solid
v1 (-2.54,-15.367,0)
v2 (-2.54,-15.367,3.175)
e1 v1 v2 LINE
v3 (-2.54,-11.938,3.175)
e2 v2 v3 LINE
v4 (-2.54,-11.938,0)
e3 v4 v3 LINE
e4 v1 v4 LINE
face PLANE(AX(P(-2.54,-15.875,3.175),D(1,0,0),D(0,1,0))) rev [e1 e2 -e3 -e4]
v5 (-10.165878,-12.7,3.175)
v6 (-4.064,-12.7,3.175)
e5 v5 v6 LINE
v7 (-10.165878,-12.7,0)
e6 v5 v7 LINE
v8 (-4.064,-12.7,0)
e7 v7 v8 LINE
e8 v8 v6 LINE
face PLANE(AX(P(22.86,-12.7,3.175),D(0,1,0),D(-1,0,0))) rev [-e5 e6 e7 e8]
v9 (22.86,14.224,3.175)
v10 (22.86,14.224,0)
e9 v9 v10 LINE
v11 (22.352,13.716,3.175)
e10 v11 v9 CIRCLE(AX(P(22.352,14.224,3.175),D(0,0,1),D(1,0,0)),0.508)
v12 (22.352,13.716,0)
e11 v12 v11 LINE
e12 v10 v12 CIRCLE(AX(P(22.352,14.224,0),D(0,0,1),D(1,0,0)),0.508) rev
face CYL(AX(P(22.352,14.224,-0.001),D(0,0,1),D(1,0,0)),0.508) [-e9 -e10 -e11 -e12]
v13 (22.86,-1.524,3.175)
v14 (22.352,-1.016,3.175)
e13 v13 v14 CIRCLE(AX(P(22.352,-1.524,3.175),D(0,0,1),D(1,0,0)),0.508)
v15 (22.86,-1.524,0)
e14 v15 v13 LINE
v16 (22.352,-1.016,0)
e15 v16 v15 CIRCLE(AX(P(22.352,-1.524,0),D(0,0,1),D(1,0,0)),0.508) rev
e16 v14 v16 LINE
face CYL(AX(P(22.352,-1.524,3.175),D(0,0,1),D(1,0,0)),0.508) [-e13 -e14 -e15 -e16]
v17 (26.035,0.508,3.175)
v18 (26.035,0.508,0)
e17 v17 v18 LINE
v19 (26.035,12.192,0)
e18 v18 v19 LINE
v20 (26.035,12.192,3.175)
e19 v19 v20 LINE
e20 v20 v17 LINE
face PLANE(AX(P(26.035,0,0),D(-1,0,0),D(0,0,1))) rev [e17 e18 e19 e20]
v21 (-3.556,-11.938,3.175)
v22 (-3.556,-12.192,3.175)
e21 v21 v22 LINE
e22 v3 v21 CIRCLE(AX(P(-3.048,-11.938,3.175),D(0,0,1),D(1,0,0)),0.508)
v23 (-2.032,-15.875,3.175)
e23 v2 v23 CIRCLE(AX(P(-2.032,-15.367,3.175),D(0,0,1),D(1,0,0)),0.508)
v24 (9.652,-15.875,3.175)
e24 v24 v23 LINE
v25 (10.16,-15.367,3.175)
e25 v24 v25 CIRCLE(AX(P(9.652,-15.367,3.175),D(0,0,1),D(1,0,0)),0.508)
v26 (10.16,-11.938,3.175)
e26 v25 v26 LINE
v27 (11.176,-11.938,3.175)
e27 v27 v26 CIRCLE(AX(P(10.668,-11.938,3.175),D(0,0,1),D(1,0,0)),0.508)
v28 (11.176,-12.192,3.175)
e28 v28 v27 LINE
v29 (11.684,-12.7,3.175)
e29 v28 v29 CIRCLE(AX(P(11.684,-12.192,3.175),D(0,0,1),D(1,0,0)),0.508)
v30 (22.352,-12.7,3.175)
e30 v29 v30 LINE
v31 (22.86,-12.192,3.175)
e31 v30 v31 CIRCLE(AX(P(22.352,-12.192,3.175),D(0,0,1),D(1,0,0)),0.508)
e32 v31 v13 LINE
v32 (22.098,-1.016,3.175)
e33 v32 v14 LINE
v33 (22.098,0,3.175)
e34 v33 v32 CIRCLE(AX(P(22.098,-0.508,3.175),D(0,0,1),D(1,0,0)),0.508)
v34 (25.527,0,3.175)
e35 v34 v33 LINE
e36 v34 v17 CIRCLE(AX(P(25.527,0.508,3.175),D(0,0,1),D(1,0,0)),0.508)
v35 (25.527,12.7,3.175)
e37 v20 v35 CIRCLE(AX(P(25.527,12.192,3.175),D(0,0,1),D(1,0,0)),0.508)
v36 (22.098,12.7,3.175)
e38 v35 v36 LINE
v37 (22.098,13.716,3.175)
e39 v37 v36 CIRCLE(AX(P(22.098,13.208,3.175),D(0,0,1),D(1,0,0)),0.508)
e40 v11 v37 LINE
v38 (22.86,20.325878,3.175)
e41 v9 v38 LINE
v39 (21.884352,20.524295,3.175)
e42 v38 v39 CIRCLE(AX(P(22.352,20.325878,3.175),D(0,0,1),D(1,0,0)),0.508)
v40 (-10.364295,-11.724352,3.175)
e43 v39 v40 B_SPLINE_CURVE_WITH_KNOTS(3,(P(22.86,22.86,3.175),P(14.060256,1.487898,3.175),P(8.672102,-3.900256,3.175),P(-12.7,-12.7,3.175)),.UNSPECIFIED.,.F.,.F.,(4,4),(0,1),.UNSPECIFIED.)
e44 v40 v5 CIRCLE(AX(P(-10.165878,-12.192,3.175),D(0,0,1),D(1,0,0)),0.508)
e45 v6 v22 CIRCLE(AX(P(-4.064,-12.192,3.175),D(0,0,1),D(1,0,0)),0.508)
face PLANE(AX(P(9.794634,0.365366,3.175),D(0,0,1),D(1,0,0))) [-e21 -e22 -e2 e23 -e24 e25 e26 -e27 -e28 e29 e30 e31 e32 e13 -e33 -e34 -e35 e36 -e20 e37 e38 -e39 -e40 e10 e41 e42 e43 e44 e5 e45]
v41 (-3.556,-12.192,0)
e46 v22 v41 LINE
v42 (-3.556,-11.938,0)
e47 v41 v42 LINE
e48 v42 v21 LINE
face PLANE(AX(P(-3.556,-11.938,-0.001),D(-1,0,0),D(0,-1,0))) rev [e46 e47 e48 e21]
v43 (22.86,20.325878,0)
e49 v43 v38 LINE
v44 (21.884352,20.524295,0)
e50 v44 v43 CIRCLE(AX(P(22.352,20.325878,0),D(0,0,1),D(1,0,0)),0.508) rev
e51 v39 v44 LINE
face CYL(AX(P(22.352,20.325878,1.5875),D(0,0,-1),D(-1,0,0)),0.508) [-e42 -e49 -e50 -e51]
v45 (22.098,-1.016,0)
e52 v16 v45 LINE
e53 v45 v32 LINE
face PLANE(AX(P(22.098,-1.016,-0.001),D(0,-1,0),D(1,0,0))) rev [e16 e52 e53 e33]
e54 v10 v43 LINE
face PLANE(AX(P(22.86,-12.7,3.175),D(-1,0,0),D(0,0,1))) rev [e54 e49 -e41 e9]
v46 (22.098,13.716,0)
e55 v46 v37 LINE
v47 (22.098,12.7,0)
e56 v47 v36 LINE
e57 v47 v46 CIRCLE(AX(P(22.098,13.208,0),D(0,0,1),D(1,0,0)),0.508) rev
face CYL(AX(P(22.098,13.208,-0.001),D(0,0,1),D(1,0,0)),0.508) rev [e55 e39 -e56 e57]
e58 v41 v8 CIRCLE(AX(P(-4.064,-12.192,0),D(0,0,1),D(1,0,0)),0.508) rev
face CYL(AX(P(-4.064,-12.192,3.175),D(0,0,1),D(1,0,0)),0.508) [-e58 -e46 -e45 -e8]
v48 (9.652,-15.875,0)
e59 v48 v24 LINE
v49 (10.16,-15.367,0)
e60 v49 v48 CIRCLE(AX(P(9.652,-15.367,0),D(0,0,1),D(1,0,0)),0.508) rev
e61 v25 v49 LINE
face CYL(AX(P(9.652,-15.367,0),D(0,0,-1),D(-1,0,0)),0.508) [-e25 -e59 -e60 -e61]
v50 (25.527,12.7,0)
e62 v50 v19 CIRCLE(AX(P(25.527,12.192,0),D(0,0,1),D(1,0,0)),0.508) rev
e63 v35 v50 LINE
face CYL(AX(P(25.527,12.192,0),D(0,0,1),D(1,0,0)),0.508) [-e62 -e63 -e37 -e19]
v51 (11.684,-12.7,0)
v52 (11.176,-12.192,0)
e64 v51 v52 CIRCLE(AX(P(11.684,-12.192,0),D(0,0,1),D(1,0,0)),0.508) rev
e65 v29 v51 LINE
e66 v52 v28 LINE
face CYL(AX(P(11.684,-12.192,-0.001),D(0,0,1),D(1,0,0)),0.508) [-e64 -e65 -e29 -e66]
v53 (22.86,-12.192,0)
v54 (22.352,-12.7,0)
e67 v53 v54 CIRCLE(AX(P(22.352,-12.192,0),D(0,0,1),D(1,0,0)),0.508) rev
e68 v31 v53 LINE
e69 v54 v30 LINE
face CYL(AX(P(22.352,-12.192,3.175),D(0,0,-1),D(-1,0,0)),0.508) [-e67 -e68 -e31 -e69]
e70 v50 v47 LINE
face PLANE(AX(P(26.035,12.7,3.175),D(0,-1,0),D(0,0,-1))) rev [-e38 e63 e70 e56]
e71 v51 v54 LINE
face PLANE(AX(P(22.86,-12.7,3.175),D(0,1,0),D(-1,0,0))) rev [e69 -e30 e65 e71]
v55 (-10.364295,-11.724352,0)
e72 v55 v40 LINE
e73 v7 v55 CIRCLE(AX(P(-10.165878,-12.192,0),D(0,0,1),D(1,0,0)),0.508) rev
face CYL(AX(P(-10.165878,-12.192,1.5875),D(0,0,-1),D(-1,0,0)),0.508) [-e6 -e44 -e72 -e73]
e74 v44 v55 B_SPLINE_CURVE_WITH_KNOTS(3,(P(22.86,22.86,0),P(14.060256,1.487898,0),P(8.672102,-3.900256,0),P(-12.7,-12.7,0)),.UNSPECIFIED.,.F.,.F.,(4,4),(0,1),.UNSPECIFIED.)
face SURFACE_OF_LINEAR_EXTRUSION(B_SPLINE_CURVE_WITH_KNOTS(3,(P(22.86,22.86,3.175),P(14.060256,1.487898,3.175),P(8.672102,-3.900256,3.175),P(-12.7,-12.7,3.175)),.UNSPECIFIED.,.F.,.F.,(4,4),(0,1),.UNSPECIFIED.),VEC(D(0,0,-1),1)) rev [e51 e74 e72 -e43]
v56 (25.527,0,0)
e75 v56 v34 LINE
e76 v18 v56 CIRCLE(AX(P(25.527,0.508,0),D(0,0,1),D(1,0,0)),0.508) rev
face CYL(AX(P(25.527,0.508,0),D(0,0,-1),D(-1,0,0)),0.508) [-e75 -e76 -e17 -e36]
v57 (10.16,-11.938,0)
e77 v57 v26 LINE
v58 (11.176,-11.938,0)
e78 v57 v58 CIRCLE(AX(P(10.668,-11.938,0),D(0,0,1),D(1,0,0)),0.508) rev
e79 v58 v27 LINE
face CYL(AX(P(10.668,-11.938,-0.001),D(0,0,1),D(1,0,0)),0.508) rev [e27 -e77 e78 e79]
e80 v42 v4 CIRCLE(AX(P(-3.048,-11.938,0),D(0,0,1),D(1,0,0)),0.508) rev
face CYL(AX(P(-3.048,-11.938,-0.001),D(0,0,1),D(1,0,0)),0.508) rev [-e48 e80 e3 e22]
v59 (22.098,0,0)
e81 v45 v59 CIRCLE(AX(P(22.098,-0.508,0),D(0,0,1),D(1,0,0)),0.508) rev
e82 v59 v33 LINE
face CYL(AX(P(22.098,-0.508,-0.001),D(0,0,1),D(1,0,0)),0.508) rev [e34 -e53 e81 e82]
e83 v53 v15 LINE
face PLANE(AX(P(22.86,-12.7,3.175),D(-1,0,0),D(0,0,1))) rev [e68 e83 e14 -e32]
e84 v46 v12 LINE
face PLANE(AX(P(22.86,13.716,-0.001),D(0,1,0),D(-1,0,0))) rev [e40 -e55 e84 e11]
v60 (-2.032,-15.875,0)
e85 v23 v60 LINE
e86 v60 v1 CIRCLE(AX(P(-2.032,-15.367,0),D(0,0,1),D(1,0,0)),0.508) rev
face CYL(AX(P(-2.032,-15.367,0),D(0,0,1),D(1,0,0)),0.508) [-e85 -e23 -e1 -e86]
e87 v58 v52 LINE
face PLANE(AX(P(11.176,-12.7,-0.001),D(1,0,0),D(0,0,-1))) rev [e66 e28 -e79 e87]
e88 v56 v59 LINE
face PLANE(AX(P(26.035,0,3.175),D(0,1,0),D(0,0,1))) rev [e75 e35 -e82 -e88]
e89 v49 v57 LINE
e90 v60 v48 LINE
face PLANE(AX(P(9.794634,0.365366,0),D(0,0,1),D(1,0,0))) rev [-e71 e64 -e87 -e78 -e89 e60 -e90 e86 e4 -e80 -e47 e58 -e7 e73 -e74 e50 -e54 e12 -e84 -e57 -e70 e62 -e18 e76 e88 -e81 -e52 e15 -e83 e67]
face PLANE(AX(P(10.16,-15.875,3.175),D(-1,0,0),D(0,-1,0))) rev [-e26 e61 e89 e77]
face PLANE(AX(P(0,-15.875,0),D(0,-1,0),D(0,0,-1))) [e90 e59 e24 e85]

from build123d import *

# Parameters (mm, degrees)
BOSS_EXTRUDE1_DEPTH = 3.175
SKETCH2_W           = 12.7
SKETCH2_H           = 3.175
BOSS_EXTRUDE2_DEPTH = 3.175
SKETCH3_W           = 3.175
SKETCH3_H           = 12.7
BOSS_EXTRUDE3_DEPTH = 3.175
CUT_EXTRUDE1_REACH  = 5.175
FILLET1_R           = 0.508


with BuildPart() as part:
    # Sketch1 → Boss-Extrude1 (new body)
    with BuildSketch(Plane.XY):
        with BuildLine():
            Line((22.86, -12.7), (-12.7, -12.7))
            add(Edge.make_bspline(
                [(22.86, 22.86), (14.060256121, 1.487897552), (8.672102448, -3.900256121), (-12.7, -12.7)],
                knots=[0, 0, 0, 0, 1, 1, 1, 1], degree=3))
            Line((22.86, 22.86), (22.86, -12.7))
        make_face()
    extrude(amount=BOSS_EXTRUDE1_DEPTH)

    # Sketch2 → Boss-Extrude2 (add)
    with BuildSketch(Plane.XZ.offset(12.7)):
        with Locations((3.81, 1.5875)):
            Rectangle(SKETCH2_W, SKETCH2_H)
    extrude(amount=BOSS_EXTRUDE2_DEPTH)

    # Sketch3 → Boss-Extrude3 (add)
    with BuildSketch(Plane(origin=(22.86, 0, 0), x_dir=(0, 0, -1), z_dir=(1, 0, 0))):
        with Locations((-1.5875, 6.35)):
            Rectangle(SKETCH3_W, SKETCH3_H)
    extrude(amount=BOSS_EXTRUDE3_DEPTH)

    # Sketch4 → Cut-Extrude1 (cut, up to next)
    with BuildSketch(Plane.XY.offset(3.175), mode=Mode.PRIVATE) as cut_extrude1_sk1:
        with BuildLine():
            Line((-3.556, -11.938), (-3.556, -12.7))
            Line((-3.556, -12.7), (-2.54, -12.7))
            Line((-2.54, -12.7), (-2.54, -11.938))
            ThreePointArc((-2.54, -11.938), (-3.048, -11.43), (-3.556, -11.938))
        make_face()
    cut_extrude1_tool1 = extrude(cut_extrude1_sk1.sketch, amount=-CUT_EXTRUDE1_REACH, mode=Mode.PRIVATE) & part.part
    add(cut_extrude1_tool1.solids().sort_by_distance((-3.048, -12.113972, 3.175))[0], mode=Mode.SUBTRACT)
    # Sketch4 → Cut-Extrude1 (cut, up to next)
    with BuildSketch(Plane.XY.offset(3.175), mode=Mode.PRIVATE) as cut_extrude1_sk2:
        with BuildLine():
            Line((10.16, -11.938), (10.16, -12.7))
            Line((10.16, -12.7), (11.176, -12.7))
            Line((11.176, -12.7), (11.176, -11.938))
            ThreePointArc((11.176, -11.938), (10.668, -11.43), (10.16, -11.938))
        make_face()
    cut_extrude1_tool2 = extrude(cut_extrude1_sk2.sketch, amount=-CUT_EXTRUDE1_REACH, mode=Mode.PRIVATE) & part.part
    add(cut_extrude1_tool2.solids().sort_by_distance((10.668, -12.113972, 3.175))[0], mode=Mode.SUBTRACT)
    # Sketch4 → Cut-Extrude1 (cut, up to next)
    with BuildSketch(Plane.XY.offset(3.175), mode=Mode.PRIVATE) as cut_extrude1_sk3:
        with BuildLine():
            Line((22.098, -1.016), (22.86, -1.016))
            Line((22.86, -1.016), (22.86, 0))
            Line((22.86, 0), (22.098, 0))
            ThreePointArc((22.098, 0), (21.59, -0.508), (22.098, -1.016))
        make_face()
    cut_extrude1_tool3 = extrude(cut_extrude1_sk3.sketch, amount=-CUT_EXTRUDE1_REACH, mode=Mode.PRIVATE) & part.part
    add(cut_extrude1_tool3.solids().sort_by_distance((22.273972, -0.508, 3.175))[0], mode=Mode.SUBTRACT)
    # Sketch4 → Cut-Extrude1 (cut, up to next)
    with BuildSketch(Plane.XY.offset(3.175), mode=Mode.PRIVATE) as cut_extrude1_sk4:
        with BuildLine():
            Line((22.098, 12.7), (22.86, 12.7))
            Line((22.86, 12.7), (22.86, 13.716))
            Line((22.86, 13.716), (22.098, 13.716))
            ThreePointArc((22.098, 13.716), (21.59, 13.208), (22.098, 12.7))
        make_face()
    cut_extrude1_tool4 = extrude(cut_extrude1_sk4.sketch, amount=-CUT_EXTRUDE1_REACH, mode=Mode.PRIVATE) & part.part
    add(cut_extrude1_tool4.solids().sort_by_distance((22.273972, 13.208, 3.175))[0], mode=Mode.SUBTRACT)

    # Fillet1
    fillet1_edges = [part.edges().sort_by_distance(p)[0] for p in [
        (22.86, 13.716, 1.5875),
        (26.035, 12.7, 1.5875),
        (26.035, 0, 1.5875),
        (22.86, -1.016, 1.5875),
        (22.86, -12.7, 1.5875),
        (11.176, -12.7, 1.5875),
        (10.16, -15.875, 1.5875),
        (-2.54, -15.875, 1.5875),
        (-3.556, -12.7, 1.5875),
        (-12.7, -12.7, 1.5875),
        (22.86, 22.86, 1.5875),
    ]]
    fillet(fillet1_edges, radius=FILLET1_R)


solid = part.part
